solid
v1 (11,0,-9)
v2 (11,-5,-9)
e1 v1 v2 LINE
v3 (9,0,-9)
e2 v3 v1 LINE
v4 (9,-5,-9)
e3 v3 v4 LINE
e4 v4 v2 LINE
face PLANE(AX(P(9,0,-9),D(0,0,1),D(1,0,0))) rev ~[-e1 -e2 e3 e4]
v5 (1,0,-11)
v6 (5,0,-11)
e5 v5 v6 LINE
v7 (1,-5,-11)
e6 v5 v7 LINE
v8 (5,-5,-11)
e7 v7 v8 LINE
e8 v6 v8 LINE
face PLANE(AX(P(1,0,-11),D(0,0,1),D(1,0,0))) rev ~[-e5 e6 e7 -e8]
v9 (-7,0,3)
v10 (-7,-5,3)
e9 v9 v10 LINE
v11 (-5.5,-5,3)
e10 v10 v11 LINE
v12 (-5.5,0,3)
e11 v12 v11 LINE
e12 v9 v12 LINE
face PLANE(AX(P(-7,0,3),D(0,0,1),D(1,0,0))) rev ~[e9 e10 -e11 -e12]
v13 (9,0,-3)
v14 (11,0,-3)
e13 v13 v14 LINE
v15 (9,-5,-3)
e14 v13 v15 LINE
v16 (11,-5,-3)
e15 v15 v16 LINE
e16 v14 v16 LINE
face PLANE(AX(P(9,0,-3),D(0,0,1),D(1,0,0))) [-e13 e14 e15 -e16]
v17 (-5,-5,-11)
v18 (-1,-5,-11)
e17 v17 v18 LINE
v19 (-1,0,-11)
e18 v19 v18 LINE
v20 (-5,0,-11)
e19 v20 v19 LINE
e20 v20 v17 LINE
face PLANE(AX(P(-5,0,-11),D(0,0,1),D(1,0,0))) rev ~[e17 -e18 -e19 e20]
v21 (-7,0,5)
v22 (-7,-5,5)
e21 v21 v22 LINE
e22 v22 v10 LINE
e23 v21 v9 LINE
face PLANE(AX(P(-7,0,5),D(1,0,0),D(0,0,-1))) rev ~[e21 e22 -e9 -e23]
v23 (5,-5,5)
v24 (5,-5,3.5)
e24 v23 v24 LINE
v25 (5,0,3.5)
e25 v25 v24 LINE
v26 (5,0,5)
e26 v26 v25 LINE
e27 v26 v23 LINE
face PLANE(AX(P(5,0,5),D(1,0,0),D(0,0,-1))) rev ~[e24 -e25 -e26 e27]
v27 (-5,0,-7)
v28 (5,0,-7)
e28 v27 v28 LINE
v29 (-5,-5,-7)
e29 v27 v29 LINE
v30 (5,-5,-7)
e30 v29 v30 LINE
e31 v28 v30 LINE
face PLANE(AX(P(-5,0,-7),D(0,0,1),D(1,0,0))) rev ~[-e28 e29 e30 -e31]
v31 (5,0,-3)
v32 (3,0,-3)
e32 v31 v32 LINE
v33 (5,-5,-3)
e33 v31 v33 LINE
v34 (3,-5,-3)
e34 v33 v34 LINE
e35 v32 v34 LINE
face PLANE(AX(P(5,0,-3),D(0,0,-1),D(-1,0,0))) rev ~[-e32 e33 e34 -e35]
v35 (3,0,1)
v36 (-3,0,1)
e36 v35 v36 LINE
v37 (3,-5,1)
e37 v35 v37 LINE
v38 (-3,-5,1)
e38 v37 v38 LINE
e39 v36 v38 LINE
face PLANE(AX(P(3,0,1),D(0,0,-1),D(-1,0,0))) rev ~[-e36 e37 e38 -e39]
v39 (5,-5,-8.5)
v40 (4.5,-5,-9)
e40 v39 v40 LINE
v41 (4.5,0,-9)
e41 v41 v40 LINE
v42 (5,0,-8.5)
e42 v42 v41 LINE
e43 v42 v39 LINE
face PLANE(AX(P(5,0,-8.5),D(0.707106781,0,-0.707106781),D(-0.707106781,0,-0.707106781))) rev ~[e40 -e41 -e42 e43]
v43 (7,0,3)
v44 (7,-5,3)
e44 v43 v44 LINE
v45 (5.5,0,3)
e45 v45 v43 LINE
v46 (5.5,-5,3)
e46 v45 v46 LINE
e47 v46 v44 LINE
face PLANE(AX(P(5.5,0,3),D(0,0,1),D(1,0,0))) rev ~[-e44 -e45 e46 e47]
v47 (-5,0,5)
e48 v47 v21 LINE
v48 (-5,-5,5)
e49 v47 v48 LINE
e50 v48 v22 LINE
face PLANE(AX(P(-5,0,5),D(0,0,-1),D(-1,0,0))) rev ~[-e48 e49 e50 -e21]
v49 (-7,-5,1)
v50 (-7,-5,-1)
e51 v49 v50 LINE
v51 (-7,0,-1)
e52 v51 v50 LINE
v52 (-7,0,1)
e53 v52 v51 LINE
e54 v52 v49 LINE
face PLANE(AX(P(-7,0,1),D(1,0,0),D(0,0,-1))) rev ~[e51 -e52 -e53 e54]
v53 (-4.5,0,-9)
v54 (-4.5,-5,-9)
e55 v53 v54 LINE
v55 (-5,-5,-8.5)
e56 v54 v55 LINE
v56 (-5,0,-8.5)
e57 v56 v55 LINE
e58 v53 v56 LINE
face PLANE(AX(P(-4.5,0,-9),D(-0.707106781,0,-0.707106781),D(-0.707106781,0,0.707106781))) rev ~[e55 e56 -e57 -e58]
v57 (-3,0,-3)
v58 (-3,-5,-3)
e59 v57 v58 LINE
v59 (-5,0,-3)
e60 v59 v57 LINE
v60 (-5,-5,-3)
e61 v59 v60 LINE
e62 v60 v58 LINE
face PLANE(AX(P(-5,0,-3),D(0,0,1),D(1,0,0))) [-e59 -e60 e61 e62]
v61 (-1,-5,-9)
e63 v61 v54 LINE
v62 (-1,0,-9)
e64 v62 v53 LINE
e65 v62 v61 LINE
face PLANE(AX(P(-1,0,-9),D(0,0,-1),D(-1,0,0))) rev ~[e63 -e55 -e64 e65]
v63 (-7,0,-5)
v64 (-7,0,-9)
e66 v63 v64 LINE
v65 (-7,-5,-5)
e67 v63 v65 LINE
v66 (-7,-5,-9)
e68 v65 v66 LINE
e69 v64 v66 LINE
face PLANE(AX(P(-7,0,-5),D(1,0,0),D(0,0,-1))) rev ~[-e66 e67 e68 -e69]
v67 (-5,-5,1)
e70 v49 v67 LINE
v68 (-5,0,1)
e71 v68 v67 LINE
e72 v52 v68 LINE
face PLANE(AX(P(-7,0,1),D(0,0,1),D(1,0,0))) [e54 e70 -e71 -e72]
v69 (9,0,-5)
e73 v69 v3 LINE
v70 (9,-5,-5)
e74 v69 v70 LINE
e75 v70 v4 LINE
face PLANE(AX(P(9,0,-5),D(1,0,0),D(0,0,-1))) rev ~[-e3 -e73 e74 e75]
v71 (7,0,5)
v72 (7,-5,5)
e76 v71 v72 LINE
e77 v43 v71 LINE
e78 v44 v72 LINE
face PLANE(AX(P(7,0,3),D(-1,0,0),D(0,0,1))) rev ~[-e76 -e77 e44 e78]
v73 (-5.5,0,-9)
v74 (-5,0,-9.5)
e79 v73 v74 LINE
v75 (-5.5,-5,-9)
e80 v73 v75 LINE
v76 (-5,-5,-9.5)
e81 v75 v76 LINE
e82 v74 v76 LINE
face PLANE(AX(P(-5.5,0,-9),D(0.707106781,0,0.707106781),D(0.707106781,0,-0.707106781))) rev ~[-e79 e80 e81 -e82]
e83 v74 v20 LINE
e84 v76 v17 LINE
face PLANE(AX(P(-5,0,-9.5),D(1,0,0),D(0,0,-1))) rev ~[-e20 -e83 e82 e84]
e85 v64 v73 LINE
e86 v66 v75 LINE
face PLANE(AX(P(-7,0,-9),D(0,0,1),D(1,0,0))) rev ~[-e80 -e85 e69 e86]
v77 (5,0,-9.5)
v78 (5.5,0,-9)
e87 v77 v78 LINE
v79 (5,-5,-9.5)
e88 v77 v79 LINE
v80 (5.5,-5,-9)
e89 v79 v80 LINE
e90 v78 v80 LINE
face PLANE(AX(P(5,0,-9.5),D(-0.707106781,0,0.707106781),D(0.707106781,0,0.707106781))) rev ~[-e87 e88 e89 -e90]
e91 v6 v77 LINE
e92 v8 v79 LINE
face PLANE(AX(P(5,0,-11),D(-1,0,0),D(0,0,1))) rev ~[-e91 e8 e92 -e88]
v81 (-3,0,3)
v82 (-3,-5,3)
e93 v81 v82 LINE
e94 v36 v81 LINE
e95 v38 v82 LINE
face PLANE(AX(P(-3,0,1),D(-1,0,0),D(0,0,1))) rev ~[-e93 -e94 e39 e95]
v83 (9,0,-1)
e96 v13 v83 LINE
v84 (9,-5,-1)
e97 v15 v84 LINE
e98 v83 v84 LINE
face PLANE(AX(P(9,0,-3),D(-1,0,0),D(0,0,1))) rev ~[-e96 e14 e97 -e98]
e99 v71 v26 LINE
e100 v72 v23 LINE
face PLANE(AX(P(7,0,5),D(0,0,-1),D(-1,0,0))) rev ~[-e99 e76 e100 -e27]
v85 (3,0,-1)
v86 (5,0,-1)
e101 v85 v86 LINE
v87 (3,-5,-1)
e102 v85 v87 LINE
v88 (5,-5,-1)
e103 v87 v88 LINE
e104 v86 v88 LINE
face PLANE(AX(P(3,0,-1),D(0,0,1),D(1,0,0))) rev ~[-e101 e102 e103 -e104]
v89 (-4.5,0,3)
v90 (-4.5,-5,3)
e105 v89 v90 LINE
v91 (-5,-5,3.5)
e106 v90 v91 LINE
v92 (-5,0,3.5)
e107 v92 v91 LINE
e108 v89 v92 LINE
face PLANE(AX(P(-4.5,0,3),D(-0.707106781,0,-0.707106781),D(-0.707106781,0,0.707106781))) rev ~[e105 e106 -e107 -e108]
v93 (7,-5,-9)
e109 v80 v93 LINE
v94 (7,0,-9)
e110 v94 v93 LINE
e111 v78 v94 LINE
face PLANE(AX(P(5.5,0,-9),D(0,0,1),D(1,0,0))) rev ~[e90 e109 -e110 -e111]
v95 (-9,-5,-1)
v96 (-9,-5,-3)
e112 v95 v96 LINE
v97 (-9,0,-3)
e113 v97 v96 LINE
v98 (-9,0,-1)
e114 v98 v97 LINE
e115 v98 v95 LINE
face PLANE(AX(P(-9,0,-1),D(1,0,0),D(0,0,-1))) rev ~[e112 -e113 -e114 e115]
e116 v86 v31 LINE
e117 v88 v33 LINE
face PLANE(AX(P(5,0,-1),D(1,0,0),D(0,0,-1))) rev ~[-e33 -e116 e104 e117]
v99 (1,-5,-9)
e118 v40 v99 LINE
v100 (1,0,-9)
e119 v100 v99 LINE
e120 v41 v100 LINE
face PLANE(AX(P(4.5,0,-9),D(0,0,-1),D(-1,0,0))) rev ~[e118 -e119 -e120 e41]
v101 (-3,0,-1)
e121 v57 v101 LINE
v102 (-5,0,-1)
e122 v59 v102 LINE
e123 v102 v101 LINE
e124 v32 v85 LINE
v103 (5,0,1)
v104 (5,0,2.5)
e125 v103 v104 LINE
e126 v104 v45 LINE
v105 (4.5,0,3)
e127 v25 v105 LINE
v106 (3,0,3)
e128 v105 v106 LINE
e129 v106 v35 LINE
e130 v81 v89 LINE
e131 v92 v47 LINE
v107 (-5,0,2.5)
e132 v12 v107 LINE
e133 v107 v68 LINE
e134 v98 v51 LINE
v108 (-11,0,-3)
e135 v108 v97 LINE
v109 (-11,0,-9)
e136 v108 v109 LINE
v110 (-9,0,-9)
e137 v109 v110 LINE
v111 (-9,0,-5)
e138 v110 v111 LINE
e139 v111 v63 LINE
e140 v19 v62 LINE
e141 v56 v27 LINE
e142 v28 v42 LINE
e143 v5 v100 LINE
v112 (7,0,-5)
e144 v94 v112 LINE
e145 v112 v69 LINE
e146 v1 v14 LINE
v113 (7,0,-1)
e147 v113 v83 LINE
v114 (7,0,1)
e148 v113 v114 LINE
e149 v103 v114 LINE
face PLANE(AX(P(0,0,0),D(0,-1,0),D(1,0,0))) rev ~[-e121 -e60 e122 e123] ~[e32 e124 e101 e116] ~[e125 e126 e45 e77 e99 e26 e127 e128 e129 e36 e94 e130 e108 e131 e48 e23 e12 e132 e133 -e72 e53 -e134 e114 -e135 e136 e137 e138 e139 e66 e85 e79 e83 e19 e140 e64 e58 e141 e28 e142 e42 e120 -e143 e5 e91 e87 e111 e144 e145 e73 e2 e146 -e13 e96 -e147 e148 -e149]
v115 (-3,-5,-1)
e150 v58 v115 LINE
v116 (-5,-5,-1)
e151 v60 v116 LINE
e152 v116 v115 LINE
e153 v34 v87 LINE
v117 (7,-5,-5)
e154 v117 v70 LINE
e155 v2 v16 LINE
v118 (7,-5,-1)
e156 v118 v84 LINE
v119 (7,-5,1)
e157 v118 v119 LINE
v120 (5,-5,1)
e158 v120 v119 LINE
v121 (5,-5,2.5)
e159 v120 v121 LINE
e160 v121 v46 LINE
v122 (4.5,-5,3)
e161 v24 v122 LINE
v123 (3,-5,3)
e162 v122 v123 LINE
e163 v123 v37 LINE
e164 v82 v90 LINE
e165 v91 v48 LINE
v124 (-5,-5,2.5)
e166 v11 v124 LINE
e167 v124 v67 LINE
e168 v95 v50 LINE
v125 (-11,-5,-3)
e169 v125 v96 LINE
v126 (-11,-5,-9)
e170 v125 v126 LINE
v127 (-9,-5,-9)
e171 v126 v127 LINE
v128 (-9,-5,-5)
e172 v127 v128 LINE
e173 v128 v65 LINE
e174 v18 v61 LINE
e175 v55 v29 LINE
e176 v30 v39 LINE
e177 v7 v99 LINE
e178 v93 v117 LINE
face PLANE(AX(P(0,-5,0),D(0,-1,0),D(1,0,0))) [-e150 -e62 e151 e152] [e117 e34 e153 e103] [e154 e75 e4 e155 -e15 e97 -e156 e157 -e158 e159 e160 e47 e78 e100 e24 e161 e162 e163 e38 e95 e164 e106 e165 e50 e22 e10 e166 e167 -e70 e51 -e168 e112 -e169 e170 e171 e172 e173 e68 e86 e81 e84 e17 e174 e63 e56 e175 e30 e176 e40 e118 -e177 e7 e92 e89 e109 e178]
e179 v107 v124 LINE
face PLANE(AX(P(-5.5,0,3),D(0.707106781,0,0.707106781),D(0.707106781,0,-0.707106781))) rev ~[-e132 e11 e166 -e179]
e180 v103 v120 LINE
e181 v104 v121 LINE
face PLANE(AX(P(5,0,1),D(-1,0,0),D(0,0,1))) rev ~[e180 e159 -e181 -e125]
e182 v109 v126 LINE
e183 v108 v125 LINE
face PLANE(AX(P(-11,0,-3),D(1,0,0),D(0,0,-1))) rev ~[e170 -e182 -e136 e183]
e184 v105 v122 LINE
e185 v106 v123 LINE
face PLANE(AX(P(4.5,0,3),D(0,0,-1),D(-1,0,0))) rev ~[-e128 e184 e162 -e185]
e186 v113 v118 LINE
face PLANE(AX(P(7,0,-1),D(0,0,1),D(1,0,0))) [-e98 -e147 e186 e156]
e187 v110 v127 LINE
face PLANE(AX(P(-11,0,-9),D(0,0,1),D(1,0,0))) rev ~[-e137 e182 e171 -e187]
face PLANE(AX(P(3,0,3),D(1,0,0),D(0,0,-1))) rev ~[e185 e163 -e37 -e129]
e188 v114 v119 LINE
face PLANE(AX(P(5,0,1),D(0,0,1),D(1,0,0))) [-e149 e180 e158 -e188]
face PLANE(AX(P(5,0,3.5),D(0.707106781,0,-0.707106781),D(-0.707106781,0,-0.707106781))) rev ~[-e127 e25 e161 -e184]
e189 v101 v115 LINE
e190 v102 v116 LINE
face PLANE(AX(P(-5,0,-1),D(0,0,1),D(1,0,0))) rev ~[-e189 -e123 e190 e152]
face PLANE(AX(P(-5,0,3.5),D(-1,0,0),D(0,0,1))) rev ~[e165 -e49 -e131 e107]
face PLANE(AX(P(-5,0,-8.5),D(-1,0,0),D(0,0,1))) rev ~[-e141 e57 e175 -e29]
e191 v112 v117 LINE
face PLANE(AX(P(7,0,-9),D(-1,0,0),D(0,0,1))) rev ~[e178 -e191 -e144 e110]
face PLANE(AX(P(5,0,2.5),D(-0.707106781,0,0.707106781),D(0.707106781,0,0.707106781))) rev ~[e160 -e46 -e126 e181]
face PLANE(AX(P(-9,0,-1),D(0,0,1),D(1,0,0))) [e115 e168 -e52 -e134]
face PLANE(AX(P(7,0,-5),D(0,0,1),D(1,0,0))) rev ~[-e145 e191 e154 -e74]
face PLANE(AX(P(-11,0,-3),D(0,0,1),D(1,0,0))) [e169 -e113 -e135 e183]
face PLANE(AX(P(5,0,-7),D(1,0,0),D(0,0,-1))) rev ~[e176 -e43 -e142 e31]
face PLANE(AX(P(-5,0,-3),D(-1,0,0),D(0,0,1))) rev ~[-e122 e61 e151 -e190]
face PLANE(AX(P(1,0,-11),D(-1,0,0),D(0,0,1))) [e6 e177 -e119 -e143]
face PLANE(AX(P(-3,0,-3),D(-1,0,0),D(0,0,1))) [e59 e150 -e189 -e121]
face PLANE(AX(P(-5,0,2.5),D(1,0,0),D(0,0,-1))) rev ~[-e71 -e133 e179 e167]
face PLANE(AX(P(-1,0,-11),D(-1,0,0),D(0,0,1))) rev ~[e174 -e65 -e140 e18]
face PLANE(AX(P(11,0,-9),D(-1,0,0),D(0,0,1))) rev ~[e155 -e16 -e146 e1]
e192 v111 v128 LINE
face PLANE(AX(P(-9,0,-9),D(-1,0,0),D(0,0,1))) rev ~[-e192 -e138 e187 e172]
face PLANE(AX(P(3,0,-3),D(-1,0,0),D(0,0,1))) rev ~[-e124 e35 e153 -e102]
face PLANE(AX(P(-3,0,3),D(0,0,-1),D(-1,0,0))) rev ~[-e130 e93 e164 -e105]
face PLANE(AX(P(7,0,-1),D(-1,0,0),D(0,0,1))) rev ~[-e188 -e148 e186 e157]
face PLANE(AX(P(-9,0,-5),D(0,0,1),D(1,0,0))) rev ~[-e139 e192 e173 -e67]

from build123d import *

# Parameters (mm, degrees)
F0_W     = 2
F0_H     = 2
F1_DEPTH = 5


with BuildPart() as f1:
    # F0 (on Front) → F1 (new body)
    with BuildSketch(Plane.XZ):
        Rectangle(F0_W, F0_H)
        with Locations((2, 0)):
            Rectangle(F0_W, F0_H)
        with Locations((-2, 0)):
            Rectangle(F0_W, F0_H)
        with Locations((4, 0)):
            Rectangle(F0_W, F0_H)
        Polygon((3, 3), (3, 1), (5, 1), (5, 2.5), (5, 3), (4.5, 3), align=None)
        Polygon((-5, 1), (-3, 1), (-3, 3), (-4, 3), (-4.5, 3), (-5, 3), (-5, 2.5), (-5, 2), align=None)
        with Locations((-4, 0)):
            Rectangle(F0_W, F0_H)
        with Locations((6, 0)):
            Rectangle(F0_W, F0_H)
        with Locations((-6, 0)):
            Rectangle(F0_W, F0_H)
        with Locations((6, -2)):
            Rectangle(F0_W, F0_H)
        with Locations((2, -6)):
            Rectangle(F0_W, F0_H)
        with Locations((0, -6)):
            Rectangle(F0_W, F0_H)
        Polygon((5, 3), (5, 2.5), (5.5, 3), align=None)
        Polygon((5, 3.5), (4.5, 3), (5, 3), align=None)
        with Locations((-2, -6)):
            Rectangle(F0_W, F0_H)
        with Locations((-6, -2)):
            Rectangle(F0_W, F0_H)
        with Locations((6, -4)):
            Rectangle(F0_W, F0_H)
        with Locations((4, -6)):
            Rectangle(F0_W, F0_H)
        with Locations((8, -2)):
            Rectangle(F0_W, F0_H)
        Polygon((5, 3.5), (5, 3), (5.5, 3), (7, 3), (7, 5), (5, 5), align=None)
        with Locations((-4, -6)):
            Rectangle(F0_W, F0_H)
        with Locations((-6, -4)):
            Rectangle(F0_W, F0_H)
        with Locations((-8, -2)):
            Rectangle(F0_W, F0_H)
        Polygon((-5, 3), (-4.5, 3), (-5, 3.5), align=None)
        Polygon((-5.5, 3), (-5, 2.5), (-5, 3), align=None)
        with Locations((8, -4)):
            Rectangle(F0_W, F0_H)
        with Locations((6, -6)):
            Rectangle(F0_W, F0_H)
        with Locations((-6, -6)):
            Rectangle(F0_W, F0_H)
        with Locations((-8, -4)):
            Rectangle(F0_W, F0_H)
        Polygon((-5.5, 3), (-5, 3), (-5, 3.5), (-5, 4), (-5, 5), (-7, 5), (-7, 3), (-6, 3), align=None)
        with Locations((10, -4)):
            Rectangle(F0_W, F0_H)
        Polygon((7, -7), (5, -7), (5, -8.5), (5, -9), (5.5, -9), (7, -9), align=None)
        Polygon((-5, -8), (-5, -7), (-7, -7), (-7, -9), (-6, -9), (-5.5, -9), (-5, -9), (-5, -8.5), align=None)
        with Locations((-10, -4)):
            Rectangle(F0_W, F0_H)
        with Locations((10, -6)):
            Rectangle(F0_W, F0_H)
        Polygon((5, -9), (5, -8.5), (4.5, -9), align=None)
        with Locations((-10, -6)):
            Rectangle(F0_W, F0_H)
        with Locations((10, -8)):
            Rectangle(F0_W, F0_H)
        Polygon((5, -9.5), (5, -9), (4.5, -9), (3, -9), (3, -11), (5, -11), align=None)
        Polygon((5.5, -9), (5, -9), (5, -9.5), align=None)
        Polygon((-4.5, -9), (-5, -8.5), (-5, -9), align=None)
        with Locations((-10, -8)):
            Rectangle(F0_W, F0_H)
        with Locations((2, -10)):
            Rectangle(F0_W, F0_H)
        Polygon((-4.5, -9), (-5, -9), (-5, -9.5), (-5, -10), (-5, -11), (-3, -11), (-3, -9), (-4, -9), align=None)
        Polygon((-5, -9.5), (-5, -9), (-5.5, -9), align=None)
        with Locations((-2, -10)):
            Rectangle(F0_W, F0_H)
        with Locations((-2, -2)):
            Rectangle(F0_W, F0_H)
        with Locations((-4, -4)):
            Rectangle(F0_W, F0_H)
        with Locations((-2, -4)):
            Rectangle(F0_W, F0_H)
        with Locations((0, -4)):
            Rectangle(F0_W, F0_H)
        with Locations((0, -2)):
            Rectangle(F0_W, F0_H)
        with Locations((4, -4)):
            Rectangle(F0_W, F0_H)
        with Locations((2, -4)):
            Rectangle(F0_W, F0_H)
        with Locations((2, -2)):
            Rectangle(F0_W, F0_H)
    extrude(amount=F1_DEPTH)


solid = f1.part
